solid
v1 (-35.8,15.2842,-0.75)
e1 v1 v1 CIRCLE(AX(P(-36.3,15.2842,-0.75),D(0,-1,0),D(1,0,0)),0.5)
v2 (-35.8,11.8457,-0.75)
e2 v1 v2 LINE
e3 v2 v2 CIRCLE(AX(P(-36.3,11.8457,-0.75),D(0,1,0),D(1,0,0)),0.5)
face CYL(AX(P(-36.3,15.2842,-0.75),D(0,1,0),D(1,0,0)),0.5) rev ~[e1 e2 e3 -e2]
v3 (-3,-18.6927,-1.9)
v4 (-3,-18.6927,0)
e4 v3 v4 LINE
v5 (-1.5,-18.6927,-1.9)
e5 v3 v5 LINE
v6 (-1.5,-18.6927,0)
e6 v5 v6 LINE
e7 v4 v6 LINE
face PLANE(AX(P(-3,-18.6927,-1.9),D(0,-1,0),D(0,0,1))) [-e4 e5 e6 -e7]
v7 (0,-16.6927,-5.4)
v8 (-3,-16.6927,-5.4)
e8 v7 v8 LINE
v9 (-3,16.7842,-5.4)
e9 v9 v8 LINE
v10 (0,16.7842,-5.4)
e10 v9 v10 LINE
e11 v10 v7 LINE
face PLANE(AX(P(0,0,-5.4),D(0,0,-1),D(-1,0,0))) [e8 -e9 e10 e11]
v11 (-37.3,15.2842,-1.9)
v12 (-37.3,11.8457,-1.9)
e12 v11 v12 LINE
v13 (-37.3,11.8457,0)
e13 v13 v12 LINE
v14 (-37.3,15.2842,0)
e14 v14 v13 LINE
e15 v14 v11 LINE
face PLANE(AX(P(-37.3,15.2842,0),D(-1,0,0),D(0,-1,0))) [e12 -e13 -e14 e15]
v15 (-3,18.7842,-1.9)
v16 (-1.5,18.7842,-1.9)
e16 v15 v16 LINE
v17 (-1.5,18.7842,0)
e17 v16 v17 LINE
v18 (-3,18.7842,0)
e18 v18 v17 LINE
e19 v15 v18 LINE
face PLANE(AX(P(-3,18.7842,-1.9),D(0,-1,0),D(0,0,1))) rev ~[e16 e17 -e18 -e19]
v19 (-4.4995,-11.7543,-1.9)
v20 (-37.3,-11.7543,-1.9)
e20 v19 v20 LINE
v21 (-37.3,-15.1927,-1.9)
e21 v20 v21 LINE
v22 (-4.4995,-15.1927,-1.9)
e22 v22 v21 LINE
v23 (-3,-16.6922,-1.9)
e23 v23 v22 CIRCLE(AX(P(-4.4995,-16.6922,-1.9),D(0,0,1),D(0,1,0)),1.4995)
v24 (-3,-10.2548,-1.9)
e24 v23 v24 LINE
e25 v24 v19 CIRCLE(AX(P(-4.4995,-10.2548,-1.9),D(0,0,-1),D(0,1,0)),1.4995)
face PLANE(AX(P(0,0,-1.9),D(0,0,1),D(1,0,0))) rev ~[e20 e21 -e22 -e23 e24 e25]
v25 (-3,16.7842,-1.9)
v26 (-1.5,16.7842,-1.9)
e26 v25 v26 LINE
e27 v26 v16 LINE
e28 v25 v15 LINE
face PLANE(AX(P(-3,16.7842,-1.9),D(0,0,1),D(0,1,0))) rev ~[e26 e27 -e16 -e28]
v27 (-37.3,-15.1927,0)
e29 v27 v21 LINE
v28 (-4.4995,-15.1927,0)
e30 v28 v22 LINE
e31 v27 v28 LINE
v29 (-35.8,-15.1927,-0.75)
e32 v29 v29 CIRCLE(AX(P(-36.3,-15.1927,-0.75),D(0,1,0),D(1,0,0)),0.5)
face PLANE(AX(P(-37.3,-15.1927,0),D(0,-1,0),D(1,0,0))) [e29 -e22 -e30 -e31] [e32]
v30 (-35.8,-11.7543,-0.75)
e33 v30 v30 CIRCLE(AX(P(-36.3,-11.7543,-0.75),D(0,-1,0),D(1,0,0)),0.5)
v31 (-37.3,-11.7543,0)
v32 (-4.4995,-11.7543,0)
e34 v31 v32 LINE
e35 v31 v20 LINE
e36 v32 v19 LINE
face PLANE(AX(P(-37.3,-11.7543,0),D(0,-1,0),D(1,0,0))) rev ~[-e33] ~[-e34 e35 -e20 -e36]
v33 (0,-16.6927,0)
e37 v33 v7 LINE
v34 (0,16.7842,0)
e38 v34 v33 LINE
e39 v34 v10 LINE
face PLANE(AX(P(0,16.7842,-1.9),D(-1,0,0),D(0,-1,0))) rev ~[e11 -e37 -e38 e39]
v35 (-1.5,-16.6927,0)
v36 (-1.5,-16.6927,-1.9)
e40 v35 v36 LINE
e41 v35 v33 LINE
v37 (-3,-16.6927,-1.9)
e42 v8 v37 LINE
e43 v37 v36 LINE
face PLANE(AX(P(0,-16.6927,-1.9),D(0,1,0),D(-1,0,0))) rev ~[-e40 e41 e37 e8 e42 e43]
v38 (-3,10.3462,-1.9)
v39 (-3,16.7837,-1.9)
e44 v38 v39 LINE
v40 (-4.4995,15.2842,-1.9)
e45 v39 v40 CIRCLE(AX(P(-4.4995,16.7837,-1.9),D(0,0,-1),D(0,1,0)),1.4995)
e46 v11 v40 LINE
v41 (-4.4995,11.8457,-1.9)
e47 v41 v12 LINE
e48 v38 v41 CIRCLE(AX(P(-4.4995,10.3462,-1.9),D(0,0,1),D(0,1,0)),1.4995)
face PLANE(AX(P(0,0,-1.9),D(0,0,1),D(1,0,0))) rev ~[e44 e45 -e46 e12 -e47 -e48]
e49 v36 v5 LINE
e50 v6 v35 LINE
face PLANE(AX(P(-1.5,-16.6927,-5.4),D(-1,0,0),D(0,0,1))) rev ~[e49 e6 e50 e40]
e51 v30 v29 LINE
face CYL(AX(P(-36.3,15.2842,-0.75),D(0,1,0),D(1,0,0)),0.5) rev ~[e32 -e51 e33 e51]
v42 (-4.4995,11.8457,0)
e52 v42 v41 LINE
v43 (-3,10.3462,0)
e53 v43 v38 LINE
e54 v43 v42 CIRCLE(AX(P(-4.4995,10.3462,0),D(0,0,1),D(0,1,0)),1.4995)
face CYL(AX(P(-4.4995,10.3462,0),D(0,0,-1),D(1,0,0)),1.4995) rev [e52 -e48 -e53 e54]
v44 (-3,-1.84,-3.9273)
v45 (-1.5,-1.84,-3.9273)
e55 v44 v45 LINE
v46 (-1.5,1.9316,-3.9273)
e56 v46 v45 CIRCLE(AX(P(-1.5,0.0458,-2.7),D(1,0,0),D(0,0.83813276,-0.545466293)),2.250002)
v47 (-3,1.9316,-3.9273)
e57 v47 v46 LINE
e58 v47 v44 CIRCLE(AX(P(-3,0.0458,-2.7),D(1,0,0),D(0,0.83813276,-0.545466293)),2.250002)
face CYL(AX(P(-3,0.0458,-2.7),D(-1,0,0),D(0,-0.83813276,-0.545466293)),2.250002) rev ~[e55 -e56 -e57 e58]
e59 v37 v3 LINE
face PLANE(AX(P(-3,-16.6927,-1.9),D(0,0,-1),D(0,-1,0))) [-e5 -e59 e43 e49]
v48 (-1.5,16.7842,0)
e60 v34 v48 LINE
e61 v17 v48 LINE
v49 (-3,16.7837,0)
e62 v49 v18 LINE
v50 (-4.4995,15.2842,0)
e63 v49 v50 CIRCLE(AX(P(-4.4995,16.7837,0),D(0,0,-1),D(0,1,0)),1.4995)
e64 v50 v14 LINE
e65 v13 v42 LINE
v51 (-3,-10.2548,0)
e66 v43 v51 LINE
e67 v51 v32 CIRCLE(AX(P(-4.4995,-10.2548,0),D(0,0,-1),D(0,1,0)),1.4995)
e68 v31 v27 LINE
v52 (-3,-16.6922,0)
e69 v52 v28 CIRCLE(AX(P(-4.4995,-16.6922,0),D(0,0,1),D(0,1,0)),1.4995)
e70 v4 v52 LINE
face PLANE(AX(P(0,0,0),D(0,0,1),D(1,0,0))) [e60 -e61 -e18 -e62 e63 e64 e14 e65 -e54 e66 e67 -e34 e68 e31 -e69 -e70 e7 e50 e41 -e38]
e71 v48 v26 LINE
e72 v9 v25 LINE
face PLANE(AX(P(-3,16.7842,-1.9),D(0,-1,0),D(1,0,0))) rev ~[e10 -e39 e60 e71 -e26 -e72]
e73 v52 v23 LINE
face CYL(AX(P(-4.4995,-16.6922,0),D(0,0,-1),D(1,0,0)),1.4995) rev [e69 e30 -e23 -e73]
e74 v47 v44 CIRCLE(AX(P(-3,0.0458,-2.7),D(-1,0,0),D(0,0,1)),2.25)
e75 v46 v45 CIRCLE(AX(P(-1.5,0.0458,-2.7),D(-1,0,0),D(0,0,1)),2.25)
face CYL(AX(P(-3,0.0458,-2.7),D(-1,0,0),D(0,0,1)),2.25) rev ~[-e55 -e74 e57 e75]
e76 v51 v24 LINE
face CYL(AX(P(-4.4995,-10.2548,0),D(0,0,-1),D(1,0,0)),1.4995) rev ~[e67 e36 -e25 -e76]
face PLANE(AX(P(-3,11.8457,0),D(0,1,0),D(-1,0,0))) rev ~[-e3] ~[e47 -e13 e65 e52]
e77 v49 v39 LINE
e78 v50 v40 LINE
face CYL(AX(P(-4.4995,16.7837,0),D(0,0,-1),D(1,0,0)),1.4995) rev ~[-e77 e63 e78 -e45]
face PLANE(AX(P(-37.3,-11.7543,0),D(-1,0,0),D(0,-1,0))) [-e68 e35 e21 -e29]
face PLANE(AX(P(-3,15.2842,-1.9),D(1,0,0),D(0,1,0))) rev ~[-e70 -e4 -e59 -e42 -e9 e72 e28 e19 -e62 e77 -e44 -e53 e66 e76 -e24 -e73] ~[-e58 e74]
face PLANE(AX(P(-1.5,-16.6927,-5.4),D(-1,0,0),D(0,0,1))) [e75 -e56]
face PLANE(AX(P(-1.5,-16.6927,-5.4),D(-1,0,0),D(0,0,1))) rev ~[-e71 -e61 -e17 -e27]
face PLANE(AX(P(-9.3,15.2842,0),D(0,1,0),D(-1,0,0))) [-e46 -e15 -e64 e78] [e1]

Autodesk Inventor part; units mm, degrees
ref_plane "YZ Plane" through (0, 0, 0) normal (1, 0, 0) x (0, 1, 0)
ref_plane "XZ Plane" through (0, 0, 0) normal (0, 1, 0) x (-1, 0, 0)
ref_plane "XY Plane" through (0, 0, 0) normal (0, 0, 1) x (1, 0, 0)
sketch "Эскиз8" plane through (0, 0, 0) normal (0, 0, 1) x (1, 0, 0)
  line L0 (-9, -9.9543) -> (-9, 10.0457) projected
  line L1 (0, 17.0842) -> (0, -16.9927)
  line L2 (0, 16.7842) -> (-3, 16.7842)
  line L3 (-3, 16.7842) -> (-3, -16.6927)
  line L4 (-3, -16.6927) -> (0, -16.6927)
  line L5 (0, -16.6927) -> (0, 16.7842)
  line L6 (-44, 11.5457) -> (-9, 11.5457) projected
  line L7 (-9, 15.5842) -> (-44, 15.5842) projected
  line L8 (-44, 15.5842) -> (-44, 11.5457) projected
  line L9 (-44, -15.4927) -> (-9, -15.4927) projected
  line L10 (-9, -11.4543) -> (-44, -11.4543) projected
  line L11 (-44, -11.4543) -> (-44, -15.4927) projected
  line L12 (-9, 15.2842) -> (-44, 15.2842)
  line L13 (-44, -15.1927) -> (-9, -15.1927)
  line L14 (-44, 11.8457) -> (-9.3, 11.8457)
  line L15 (-44, -11.7543) -> (-9.3, -11.7543)
  line L16 (-9.3, 15.2842) -> (-3, 15.2842)
  line L17 (-3, 15.2842) -> (-3, 11.8457)
  line L18 (-3, 11.8457) -> (-9.3, 11.8457)
  line L19 (-9.3, -11.7543) -> (-3, -11.7543)
  line L20 (-3, -11.7543) -> (-3, -15.1927)
  line L21 (-3, -15.1927) -> (-9.3, -15.1927)
  line L22 (-37.3, 15.2842) -> (-37.3, -15.1927)
  arc A0 (-10.5, -11.4543) -> (-9, -9.9543) centre (-10.5, -9.9543) ccw projected
  arc A1 (-9, 10.0457) -> (-10.5, 11.5457) centre (-10.5, 10.0457) ccw projected
  line L23 (-10.5, 11.5457) -> (-32.1754, 11.5457) projected
  line L24 (-32.1754, 11.5457) -> (-31.4296, 7.5457) projected
  line L25 (-31.4296, 7.5457) -> (-26.1754, 7.5457) projected
  line L26 (-26.1754, -4.9543) -> (-26.1754, -7.4543) projected
  line L27 (-25.1754, 4.0457) -> (-24.6192, 4.0457) projected
  line L28 (-24.6192, 4.0457) -> (-24.6192, 9.5457) projected
  spline S0 degree 3 poles (-24.1006, 10.0457) (-24.1642, 10.0457) (-24.2391, 10.0312) (-24.3567, 9.984) (-24.4205, 9.943) (-24.5115, 9.8556) (-24.5549, 9.7937) (-24.6042, 9.6794) (-24.6192, 9.6072) (-24.6192, 9.5457) knots 0.074888 0.074888 0.074888 0.074888 0.093967 0.093967 0.112918 0.112918 0.131824 0.131824 0.15026 0.15026 0.15026 0.15026 projected
  line L29 (-24.1006, 10.0457) -> (-24.0379, 10.0457) projected
  spline S1 degree 3 poles (-23.5192, 9.5457) (-23.5192, 9.6072) (-23.5343, 9.6794) (-23.5836, 9.7937) (-23.6269, 9.8556) (-23.718, 9.943) (-23.7817, 9.984) (-23.8994, 10.0312) (-23.9743, 10.0457) (-24.0379, 10.0457) knots 0.15026 0.15026 0.15026 0.15026 0.168696 0.168696 0.187602 0.187602 0.206553 0.206553 0.225632 0.225632 0.225632 0.225632 projected
  line L30 (-23.5192, 9.5457) -> (-23.5192, 4.0457) projected
  line L31 (-22.8192, 4.0457) -> (-22.8192, -3.9543) projected
  line L32 (-22.8192, -3.9543) -> (-23.5192, -3.9543) projected
  line L33 (-23.5192, -3.9543) -> (-23.5192, -9.4543) projected
  spline S2 degree 3 poles (-24.0379, -9.9543) (-23.9743, -9.9543) (-23.8994, -9.9398) (-23.7817, -9.8925) (-23.718, -9.8516) (-23.6269, -9.7642) (-23.5836, -9.7022) (-23.5343, -9.5879) (-23.5192, -9.5157) (-23.5192, -9.4543) knots 0.074888 0.074888 0.074888 0.074888 0.093967 0.093967 0.112918 0.112918 0.131824 0.131824 0.15026 0.15026 0.15026 0.15026 projected
  line L34 (-24.0379, -9.9543) -> (-24.1006, -9.9543) projected
  spline S3 degree 3 poles (-24.6192, -9.4543) (-24.6192, -9.5157) (-24.6042, -9.5879) (-24.5549, -9.7022) (-24.5115, -9.7642) (-24.4205, -9.8516) (-24.3567, -9.8925) (-24.2391, -9.9398) (-24.1642, -9.9543) (-24.1006, -9.9543) knots 0.15026 0.15026 0.15026 0.15026 0.168696 0.168696 0.187602 0.187602 0.206553 0.206553 0.225632 0.225632 0.225632 0.225632 projected
  line L35 (-24.6192, -9.4543) -> (-24.6192, -3.9543) projected
  line L36 (-24.6192, -3.9543) -> (-25.1754, -3.9543) projected
  line L37 (-26.1754, 7.5457) -> (-26.1754, 5.0457) projected
  line L38 (-26.1754, -7.4543) -> (-31.4296, -7.4543) projected
  line L39 (-31.4296, -7.4543) -> (-32.1754, -11.4543) projected
  line L40 (-32.1754, -11.4543) -> (-10.5, -11.4543) projected
  line L41 (-26.1754, -4.9543) -> (-25.1754, -3.9543) projected
  line L42 (-25.1754, 4.0457) -> (-26.1754, 5.0457) projected
  line L43 (-23.5192, 4.0457) -> (-22.8192, 4.0457) projected
  point P0 (0, 0)
  point P1 (-32.1754, 15.5842)
  point P2 (-32.1754, -15.4927)
  point P3 (0, -16.6927)
  point P4 (-3, 15.2842)
  point P5 (-37.3, 11.8457)
  point P6 (-9.3, 11.8457)
  point P7 (-37.3, -11.7543)
  point P8 (-9, -15.1927)
  dimension "d40" = 3
  dimension "d43" = 0.3
  dimension "d44" = 0.3
  dimension "d45" = 0.3
  dimension "d46" = 0.3
  dimension "d47" = 6.7
extrude "Выдавливание8" add sketch "Эскиз8" against normal blind 1.9 contours L15 L19 L3 L21 L13 L22 | L22 L12 L16 L3 L18 L14 | L3 L2 L1 L4
sketch "Эскиз9" plane through (0, 0, -1.9) normal (0, 0, -1) x (-1, 0, 0)
  line L0 (0, 16.7842) -> (0, -16.6927) projected
  line L1 (0, -16.6927) -> (3, -16.6927) projected
  line L2 (3, -16.6927) -> (3, -15.1927) projected
  line L3 (3, -15.1927) -> (37.3, -15.1927) projected
  line L4 (37.3, -15.1927) -> (37.3, -11.7543) projected
  line L5 (37.3, -11.7543) -> (3, -11.7543) projected
  line L6 (3, -11.7543) -> (3, 11.8457) projected
  line L7 (3, 11.8457) -> (37.3, 11.8457) projected
  line L8 (37.3, 11.8457) -> (37.3, 15.2842) projected
  line L9 (37.3, 15.2842) -> (3, 15.2842) projected
  line L10 (3, 15.2842) -> (3, 16.7842) projected
  line L11 (3, 16.7842) -> (0, 16.7842) projected
  line L12 (37.3, 15.2842) -> (3, 15.2842) projected
  line L13 (3, -15.1927) -> (37.3, -15.1927) projected
  line L14 (3, 15.2842) -> (3, -15.1927)
  point P0 (0, 0)
  point P1 (3, -11.7543)
extrude "Выдавливание9" add sketch "Эскиз9" along normal blind 3.5 contours L11 L10 L14 L6 L2 L1 L0
fillet "Сопряжение9" radius 1.5 4 edges at (-3, 15.2842, -0.95) (-3, 11.8457, -0.95) (-3, -11.7543, -0.95) (-3, -15.1927, -0.95)
sketch "Эскиз10" plane through (-3, -16.6927, -5.4) normal (-1, 0, 0) x (0, 0, 1)
  arc A0 (1.4727, 14.8527) -> (1.4727, 18.6243) centre (2.7, 16.7385) ccw projected
  circle A1 centre (2.7, 16.7385) radius 2.25
  point P0 (5.4, 16.6927)
  point P1 (1.4727, 18.6243)
extrude "Выдавливание10" cut sketch "Эскиз10" against normal blind 1.5
sketch "Эскиз11" plane through (-3, -16.6927, -5.4) normal (-1, 0, 0) x (0, 0, 1)
  point P0 (5.4, 16.6927)
sketch "Эскиз12" plane through (-3, -16.6927, -5.4) normal (-1, 0, 0) x (0, 0, 1)
  circle A0 centre (2.7, 16.7385) radius 2.25 projected
  line L0 (3.5, 6.4385) -> (3.5, 0) projected
  line L1 (5.4, 6.4385) -> (3.5, 6.4385) projected
  line L2 (5.4, 27.0385) -> (5.4, 6.4385) projected
  line L3 (3.5, 27.0385) -> (5.4, 27.0385) projected
  line L4 (3.5, 33.4769) -> (3.5, 27.0385) projected
  line L5 (3.5, 33.4769) -> (0, 33.4769) projected
  line L6 (0, 0) -> (0, 33.4769) projected
  line L7 (3.5, 0) -> (0, 0) projected
  line L8 (3.5, 1.5) -> (3.5, 0) projected
  line L9 (5.4, 0) -> (3.5, 0) projected
  line L10 (5.4, 0) -> (5.4, 1.5) projected
  line L11 (5.4, 1.5) -> (3.5, 1.5) projected
  line L12 (5.4, 33.4769) -> (0, 33.4769) projected
  line L13 (5.4, 0) -> (3.5, 0)
  line L14 (3.5, 0) -> (3.5, -2)
  line L15 (3.5, -2) -> (5.4, -2)
  line L16 (5.4, -2) -> (5.4, 0)
  line L17 (3.5, 6.4385) -> (3.5, 0) projected
  line L18 (5.4, 33.4769) -> (3.5, 33.4769) projected
  line L19 (5.4, 33.4769) -> (3.5, 33.4769)
  line L20 (3.5, 33.4769) -> (3.5, 35.4769)
  line L21 (3.5, 35.4769) -> (5.4, 35.4769)
  line L22 (5.4, 35.4769) -> (5.4, 33.4769)
  line L23 (3.5, 33.4769) -> (3.5, 27.0385) projected
  point P0 (5.4, 16.6927)
  dimension "d56" = 2
  dimension "d57" = 2
extrude "Выдавливание11" add sketch "Эскиз12" against normal blind 1.5 contours L20 L21 L22 L12 | L9 L16 L15 L14
sketch "Эскиз13" plane through (-37.3, 15.2842, 0) normal (0, 1, 0) x (1, 0, 0)
  line L0 (32.8, 1.9) -> (32.8, 0) projected
  line L1 (0, 1.9) -> (32.8, 1.9) projected
  line L2 (0, 0) -> (0, 1.9) projected
  line L3 (32.8, 0) -> (0, 0) projected
  circle A0 centre (1, 0.75) radius 0.5
  circle A1 centre (1, 0.75) radius 0.75
  line L4 (1, 0.75) -> (0, 0.75)
  point P0 (37.3, 0)
  dimension "d60" = 1
  dimension "d61" = 1.5
  dimension "d62" = 1
extrude "Выдавливание12" cut sketch "Эскиз13" against normal blind 40 contours A0
properties part number "motherboard_key"
